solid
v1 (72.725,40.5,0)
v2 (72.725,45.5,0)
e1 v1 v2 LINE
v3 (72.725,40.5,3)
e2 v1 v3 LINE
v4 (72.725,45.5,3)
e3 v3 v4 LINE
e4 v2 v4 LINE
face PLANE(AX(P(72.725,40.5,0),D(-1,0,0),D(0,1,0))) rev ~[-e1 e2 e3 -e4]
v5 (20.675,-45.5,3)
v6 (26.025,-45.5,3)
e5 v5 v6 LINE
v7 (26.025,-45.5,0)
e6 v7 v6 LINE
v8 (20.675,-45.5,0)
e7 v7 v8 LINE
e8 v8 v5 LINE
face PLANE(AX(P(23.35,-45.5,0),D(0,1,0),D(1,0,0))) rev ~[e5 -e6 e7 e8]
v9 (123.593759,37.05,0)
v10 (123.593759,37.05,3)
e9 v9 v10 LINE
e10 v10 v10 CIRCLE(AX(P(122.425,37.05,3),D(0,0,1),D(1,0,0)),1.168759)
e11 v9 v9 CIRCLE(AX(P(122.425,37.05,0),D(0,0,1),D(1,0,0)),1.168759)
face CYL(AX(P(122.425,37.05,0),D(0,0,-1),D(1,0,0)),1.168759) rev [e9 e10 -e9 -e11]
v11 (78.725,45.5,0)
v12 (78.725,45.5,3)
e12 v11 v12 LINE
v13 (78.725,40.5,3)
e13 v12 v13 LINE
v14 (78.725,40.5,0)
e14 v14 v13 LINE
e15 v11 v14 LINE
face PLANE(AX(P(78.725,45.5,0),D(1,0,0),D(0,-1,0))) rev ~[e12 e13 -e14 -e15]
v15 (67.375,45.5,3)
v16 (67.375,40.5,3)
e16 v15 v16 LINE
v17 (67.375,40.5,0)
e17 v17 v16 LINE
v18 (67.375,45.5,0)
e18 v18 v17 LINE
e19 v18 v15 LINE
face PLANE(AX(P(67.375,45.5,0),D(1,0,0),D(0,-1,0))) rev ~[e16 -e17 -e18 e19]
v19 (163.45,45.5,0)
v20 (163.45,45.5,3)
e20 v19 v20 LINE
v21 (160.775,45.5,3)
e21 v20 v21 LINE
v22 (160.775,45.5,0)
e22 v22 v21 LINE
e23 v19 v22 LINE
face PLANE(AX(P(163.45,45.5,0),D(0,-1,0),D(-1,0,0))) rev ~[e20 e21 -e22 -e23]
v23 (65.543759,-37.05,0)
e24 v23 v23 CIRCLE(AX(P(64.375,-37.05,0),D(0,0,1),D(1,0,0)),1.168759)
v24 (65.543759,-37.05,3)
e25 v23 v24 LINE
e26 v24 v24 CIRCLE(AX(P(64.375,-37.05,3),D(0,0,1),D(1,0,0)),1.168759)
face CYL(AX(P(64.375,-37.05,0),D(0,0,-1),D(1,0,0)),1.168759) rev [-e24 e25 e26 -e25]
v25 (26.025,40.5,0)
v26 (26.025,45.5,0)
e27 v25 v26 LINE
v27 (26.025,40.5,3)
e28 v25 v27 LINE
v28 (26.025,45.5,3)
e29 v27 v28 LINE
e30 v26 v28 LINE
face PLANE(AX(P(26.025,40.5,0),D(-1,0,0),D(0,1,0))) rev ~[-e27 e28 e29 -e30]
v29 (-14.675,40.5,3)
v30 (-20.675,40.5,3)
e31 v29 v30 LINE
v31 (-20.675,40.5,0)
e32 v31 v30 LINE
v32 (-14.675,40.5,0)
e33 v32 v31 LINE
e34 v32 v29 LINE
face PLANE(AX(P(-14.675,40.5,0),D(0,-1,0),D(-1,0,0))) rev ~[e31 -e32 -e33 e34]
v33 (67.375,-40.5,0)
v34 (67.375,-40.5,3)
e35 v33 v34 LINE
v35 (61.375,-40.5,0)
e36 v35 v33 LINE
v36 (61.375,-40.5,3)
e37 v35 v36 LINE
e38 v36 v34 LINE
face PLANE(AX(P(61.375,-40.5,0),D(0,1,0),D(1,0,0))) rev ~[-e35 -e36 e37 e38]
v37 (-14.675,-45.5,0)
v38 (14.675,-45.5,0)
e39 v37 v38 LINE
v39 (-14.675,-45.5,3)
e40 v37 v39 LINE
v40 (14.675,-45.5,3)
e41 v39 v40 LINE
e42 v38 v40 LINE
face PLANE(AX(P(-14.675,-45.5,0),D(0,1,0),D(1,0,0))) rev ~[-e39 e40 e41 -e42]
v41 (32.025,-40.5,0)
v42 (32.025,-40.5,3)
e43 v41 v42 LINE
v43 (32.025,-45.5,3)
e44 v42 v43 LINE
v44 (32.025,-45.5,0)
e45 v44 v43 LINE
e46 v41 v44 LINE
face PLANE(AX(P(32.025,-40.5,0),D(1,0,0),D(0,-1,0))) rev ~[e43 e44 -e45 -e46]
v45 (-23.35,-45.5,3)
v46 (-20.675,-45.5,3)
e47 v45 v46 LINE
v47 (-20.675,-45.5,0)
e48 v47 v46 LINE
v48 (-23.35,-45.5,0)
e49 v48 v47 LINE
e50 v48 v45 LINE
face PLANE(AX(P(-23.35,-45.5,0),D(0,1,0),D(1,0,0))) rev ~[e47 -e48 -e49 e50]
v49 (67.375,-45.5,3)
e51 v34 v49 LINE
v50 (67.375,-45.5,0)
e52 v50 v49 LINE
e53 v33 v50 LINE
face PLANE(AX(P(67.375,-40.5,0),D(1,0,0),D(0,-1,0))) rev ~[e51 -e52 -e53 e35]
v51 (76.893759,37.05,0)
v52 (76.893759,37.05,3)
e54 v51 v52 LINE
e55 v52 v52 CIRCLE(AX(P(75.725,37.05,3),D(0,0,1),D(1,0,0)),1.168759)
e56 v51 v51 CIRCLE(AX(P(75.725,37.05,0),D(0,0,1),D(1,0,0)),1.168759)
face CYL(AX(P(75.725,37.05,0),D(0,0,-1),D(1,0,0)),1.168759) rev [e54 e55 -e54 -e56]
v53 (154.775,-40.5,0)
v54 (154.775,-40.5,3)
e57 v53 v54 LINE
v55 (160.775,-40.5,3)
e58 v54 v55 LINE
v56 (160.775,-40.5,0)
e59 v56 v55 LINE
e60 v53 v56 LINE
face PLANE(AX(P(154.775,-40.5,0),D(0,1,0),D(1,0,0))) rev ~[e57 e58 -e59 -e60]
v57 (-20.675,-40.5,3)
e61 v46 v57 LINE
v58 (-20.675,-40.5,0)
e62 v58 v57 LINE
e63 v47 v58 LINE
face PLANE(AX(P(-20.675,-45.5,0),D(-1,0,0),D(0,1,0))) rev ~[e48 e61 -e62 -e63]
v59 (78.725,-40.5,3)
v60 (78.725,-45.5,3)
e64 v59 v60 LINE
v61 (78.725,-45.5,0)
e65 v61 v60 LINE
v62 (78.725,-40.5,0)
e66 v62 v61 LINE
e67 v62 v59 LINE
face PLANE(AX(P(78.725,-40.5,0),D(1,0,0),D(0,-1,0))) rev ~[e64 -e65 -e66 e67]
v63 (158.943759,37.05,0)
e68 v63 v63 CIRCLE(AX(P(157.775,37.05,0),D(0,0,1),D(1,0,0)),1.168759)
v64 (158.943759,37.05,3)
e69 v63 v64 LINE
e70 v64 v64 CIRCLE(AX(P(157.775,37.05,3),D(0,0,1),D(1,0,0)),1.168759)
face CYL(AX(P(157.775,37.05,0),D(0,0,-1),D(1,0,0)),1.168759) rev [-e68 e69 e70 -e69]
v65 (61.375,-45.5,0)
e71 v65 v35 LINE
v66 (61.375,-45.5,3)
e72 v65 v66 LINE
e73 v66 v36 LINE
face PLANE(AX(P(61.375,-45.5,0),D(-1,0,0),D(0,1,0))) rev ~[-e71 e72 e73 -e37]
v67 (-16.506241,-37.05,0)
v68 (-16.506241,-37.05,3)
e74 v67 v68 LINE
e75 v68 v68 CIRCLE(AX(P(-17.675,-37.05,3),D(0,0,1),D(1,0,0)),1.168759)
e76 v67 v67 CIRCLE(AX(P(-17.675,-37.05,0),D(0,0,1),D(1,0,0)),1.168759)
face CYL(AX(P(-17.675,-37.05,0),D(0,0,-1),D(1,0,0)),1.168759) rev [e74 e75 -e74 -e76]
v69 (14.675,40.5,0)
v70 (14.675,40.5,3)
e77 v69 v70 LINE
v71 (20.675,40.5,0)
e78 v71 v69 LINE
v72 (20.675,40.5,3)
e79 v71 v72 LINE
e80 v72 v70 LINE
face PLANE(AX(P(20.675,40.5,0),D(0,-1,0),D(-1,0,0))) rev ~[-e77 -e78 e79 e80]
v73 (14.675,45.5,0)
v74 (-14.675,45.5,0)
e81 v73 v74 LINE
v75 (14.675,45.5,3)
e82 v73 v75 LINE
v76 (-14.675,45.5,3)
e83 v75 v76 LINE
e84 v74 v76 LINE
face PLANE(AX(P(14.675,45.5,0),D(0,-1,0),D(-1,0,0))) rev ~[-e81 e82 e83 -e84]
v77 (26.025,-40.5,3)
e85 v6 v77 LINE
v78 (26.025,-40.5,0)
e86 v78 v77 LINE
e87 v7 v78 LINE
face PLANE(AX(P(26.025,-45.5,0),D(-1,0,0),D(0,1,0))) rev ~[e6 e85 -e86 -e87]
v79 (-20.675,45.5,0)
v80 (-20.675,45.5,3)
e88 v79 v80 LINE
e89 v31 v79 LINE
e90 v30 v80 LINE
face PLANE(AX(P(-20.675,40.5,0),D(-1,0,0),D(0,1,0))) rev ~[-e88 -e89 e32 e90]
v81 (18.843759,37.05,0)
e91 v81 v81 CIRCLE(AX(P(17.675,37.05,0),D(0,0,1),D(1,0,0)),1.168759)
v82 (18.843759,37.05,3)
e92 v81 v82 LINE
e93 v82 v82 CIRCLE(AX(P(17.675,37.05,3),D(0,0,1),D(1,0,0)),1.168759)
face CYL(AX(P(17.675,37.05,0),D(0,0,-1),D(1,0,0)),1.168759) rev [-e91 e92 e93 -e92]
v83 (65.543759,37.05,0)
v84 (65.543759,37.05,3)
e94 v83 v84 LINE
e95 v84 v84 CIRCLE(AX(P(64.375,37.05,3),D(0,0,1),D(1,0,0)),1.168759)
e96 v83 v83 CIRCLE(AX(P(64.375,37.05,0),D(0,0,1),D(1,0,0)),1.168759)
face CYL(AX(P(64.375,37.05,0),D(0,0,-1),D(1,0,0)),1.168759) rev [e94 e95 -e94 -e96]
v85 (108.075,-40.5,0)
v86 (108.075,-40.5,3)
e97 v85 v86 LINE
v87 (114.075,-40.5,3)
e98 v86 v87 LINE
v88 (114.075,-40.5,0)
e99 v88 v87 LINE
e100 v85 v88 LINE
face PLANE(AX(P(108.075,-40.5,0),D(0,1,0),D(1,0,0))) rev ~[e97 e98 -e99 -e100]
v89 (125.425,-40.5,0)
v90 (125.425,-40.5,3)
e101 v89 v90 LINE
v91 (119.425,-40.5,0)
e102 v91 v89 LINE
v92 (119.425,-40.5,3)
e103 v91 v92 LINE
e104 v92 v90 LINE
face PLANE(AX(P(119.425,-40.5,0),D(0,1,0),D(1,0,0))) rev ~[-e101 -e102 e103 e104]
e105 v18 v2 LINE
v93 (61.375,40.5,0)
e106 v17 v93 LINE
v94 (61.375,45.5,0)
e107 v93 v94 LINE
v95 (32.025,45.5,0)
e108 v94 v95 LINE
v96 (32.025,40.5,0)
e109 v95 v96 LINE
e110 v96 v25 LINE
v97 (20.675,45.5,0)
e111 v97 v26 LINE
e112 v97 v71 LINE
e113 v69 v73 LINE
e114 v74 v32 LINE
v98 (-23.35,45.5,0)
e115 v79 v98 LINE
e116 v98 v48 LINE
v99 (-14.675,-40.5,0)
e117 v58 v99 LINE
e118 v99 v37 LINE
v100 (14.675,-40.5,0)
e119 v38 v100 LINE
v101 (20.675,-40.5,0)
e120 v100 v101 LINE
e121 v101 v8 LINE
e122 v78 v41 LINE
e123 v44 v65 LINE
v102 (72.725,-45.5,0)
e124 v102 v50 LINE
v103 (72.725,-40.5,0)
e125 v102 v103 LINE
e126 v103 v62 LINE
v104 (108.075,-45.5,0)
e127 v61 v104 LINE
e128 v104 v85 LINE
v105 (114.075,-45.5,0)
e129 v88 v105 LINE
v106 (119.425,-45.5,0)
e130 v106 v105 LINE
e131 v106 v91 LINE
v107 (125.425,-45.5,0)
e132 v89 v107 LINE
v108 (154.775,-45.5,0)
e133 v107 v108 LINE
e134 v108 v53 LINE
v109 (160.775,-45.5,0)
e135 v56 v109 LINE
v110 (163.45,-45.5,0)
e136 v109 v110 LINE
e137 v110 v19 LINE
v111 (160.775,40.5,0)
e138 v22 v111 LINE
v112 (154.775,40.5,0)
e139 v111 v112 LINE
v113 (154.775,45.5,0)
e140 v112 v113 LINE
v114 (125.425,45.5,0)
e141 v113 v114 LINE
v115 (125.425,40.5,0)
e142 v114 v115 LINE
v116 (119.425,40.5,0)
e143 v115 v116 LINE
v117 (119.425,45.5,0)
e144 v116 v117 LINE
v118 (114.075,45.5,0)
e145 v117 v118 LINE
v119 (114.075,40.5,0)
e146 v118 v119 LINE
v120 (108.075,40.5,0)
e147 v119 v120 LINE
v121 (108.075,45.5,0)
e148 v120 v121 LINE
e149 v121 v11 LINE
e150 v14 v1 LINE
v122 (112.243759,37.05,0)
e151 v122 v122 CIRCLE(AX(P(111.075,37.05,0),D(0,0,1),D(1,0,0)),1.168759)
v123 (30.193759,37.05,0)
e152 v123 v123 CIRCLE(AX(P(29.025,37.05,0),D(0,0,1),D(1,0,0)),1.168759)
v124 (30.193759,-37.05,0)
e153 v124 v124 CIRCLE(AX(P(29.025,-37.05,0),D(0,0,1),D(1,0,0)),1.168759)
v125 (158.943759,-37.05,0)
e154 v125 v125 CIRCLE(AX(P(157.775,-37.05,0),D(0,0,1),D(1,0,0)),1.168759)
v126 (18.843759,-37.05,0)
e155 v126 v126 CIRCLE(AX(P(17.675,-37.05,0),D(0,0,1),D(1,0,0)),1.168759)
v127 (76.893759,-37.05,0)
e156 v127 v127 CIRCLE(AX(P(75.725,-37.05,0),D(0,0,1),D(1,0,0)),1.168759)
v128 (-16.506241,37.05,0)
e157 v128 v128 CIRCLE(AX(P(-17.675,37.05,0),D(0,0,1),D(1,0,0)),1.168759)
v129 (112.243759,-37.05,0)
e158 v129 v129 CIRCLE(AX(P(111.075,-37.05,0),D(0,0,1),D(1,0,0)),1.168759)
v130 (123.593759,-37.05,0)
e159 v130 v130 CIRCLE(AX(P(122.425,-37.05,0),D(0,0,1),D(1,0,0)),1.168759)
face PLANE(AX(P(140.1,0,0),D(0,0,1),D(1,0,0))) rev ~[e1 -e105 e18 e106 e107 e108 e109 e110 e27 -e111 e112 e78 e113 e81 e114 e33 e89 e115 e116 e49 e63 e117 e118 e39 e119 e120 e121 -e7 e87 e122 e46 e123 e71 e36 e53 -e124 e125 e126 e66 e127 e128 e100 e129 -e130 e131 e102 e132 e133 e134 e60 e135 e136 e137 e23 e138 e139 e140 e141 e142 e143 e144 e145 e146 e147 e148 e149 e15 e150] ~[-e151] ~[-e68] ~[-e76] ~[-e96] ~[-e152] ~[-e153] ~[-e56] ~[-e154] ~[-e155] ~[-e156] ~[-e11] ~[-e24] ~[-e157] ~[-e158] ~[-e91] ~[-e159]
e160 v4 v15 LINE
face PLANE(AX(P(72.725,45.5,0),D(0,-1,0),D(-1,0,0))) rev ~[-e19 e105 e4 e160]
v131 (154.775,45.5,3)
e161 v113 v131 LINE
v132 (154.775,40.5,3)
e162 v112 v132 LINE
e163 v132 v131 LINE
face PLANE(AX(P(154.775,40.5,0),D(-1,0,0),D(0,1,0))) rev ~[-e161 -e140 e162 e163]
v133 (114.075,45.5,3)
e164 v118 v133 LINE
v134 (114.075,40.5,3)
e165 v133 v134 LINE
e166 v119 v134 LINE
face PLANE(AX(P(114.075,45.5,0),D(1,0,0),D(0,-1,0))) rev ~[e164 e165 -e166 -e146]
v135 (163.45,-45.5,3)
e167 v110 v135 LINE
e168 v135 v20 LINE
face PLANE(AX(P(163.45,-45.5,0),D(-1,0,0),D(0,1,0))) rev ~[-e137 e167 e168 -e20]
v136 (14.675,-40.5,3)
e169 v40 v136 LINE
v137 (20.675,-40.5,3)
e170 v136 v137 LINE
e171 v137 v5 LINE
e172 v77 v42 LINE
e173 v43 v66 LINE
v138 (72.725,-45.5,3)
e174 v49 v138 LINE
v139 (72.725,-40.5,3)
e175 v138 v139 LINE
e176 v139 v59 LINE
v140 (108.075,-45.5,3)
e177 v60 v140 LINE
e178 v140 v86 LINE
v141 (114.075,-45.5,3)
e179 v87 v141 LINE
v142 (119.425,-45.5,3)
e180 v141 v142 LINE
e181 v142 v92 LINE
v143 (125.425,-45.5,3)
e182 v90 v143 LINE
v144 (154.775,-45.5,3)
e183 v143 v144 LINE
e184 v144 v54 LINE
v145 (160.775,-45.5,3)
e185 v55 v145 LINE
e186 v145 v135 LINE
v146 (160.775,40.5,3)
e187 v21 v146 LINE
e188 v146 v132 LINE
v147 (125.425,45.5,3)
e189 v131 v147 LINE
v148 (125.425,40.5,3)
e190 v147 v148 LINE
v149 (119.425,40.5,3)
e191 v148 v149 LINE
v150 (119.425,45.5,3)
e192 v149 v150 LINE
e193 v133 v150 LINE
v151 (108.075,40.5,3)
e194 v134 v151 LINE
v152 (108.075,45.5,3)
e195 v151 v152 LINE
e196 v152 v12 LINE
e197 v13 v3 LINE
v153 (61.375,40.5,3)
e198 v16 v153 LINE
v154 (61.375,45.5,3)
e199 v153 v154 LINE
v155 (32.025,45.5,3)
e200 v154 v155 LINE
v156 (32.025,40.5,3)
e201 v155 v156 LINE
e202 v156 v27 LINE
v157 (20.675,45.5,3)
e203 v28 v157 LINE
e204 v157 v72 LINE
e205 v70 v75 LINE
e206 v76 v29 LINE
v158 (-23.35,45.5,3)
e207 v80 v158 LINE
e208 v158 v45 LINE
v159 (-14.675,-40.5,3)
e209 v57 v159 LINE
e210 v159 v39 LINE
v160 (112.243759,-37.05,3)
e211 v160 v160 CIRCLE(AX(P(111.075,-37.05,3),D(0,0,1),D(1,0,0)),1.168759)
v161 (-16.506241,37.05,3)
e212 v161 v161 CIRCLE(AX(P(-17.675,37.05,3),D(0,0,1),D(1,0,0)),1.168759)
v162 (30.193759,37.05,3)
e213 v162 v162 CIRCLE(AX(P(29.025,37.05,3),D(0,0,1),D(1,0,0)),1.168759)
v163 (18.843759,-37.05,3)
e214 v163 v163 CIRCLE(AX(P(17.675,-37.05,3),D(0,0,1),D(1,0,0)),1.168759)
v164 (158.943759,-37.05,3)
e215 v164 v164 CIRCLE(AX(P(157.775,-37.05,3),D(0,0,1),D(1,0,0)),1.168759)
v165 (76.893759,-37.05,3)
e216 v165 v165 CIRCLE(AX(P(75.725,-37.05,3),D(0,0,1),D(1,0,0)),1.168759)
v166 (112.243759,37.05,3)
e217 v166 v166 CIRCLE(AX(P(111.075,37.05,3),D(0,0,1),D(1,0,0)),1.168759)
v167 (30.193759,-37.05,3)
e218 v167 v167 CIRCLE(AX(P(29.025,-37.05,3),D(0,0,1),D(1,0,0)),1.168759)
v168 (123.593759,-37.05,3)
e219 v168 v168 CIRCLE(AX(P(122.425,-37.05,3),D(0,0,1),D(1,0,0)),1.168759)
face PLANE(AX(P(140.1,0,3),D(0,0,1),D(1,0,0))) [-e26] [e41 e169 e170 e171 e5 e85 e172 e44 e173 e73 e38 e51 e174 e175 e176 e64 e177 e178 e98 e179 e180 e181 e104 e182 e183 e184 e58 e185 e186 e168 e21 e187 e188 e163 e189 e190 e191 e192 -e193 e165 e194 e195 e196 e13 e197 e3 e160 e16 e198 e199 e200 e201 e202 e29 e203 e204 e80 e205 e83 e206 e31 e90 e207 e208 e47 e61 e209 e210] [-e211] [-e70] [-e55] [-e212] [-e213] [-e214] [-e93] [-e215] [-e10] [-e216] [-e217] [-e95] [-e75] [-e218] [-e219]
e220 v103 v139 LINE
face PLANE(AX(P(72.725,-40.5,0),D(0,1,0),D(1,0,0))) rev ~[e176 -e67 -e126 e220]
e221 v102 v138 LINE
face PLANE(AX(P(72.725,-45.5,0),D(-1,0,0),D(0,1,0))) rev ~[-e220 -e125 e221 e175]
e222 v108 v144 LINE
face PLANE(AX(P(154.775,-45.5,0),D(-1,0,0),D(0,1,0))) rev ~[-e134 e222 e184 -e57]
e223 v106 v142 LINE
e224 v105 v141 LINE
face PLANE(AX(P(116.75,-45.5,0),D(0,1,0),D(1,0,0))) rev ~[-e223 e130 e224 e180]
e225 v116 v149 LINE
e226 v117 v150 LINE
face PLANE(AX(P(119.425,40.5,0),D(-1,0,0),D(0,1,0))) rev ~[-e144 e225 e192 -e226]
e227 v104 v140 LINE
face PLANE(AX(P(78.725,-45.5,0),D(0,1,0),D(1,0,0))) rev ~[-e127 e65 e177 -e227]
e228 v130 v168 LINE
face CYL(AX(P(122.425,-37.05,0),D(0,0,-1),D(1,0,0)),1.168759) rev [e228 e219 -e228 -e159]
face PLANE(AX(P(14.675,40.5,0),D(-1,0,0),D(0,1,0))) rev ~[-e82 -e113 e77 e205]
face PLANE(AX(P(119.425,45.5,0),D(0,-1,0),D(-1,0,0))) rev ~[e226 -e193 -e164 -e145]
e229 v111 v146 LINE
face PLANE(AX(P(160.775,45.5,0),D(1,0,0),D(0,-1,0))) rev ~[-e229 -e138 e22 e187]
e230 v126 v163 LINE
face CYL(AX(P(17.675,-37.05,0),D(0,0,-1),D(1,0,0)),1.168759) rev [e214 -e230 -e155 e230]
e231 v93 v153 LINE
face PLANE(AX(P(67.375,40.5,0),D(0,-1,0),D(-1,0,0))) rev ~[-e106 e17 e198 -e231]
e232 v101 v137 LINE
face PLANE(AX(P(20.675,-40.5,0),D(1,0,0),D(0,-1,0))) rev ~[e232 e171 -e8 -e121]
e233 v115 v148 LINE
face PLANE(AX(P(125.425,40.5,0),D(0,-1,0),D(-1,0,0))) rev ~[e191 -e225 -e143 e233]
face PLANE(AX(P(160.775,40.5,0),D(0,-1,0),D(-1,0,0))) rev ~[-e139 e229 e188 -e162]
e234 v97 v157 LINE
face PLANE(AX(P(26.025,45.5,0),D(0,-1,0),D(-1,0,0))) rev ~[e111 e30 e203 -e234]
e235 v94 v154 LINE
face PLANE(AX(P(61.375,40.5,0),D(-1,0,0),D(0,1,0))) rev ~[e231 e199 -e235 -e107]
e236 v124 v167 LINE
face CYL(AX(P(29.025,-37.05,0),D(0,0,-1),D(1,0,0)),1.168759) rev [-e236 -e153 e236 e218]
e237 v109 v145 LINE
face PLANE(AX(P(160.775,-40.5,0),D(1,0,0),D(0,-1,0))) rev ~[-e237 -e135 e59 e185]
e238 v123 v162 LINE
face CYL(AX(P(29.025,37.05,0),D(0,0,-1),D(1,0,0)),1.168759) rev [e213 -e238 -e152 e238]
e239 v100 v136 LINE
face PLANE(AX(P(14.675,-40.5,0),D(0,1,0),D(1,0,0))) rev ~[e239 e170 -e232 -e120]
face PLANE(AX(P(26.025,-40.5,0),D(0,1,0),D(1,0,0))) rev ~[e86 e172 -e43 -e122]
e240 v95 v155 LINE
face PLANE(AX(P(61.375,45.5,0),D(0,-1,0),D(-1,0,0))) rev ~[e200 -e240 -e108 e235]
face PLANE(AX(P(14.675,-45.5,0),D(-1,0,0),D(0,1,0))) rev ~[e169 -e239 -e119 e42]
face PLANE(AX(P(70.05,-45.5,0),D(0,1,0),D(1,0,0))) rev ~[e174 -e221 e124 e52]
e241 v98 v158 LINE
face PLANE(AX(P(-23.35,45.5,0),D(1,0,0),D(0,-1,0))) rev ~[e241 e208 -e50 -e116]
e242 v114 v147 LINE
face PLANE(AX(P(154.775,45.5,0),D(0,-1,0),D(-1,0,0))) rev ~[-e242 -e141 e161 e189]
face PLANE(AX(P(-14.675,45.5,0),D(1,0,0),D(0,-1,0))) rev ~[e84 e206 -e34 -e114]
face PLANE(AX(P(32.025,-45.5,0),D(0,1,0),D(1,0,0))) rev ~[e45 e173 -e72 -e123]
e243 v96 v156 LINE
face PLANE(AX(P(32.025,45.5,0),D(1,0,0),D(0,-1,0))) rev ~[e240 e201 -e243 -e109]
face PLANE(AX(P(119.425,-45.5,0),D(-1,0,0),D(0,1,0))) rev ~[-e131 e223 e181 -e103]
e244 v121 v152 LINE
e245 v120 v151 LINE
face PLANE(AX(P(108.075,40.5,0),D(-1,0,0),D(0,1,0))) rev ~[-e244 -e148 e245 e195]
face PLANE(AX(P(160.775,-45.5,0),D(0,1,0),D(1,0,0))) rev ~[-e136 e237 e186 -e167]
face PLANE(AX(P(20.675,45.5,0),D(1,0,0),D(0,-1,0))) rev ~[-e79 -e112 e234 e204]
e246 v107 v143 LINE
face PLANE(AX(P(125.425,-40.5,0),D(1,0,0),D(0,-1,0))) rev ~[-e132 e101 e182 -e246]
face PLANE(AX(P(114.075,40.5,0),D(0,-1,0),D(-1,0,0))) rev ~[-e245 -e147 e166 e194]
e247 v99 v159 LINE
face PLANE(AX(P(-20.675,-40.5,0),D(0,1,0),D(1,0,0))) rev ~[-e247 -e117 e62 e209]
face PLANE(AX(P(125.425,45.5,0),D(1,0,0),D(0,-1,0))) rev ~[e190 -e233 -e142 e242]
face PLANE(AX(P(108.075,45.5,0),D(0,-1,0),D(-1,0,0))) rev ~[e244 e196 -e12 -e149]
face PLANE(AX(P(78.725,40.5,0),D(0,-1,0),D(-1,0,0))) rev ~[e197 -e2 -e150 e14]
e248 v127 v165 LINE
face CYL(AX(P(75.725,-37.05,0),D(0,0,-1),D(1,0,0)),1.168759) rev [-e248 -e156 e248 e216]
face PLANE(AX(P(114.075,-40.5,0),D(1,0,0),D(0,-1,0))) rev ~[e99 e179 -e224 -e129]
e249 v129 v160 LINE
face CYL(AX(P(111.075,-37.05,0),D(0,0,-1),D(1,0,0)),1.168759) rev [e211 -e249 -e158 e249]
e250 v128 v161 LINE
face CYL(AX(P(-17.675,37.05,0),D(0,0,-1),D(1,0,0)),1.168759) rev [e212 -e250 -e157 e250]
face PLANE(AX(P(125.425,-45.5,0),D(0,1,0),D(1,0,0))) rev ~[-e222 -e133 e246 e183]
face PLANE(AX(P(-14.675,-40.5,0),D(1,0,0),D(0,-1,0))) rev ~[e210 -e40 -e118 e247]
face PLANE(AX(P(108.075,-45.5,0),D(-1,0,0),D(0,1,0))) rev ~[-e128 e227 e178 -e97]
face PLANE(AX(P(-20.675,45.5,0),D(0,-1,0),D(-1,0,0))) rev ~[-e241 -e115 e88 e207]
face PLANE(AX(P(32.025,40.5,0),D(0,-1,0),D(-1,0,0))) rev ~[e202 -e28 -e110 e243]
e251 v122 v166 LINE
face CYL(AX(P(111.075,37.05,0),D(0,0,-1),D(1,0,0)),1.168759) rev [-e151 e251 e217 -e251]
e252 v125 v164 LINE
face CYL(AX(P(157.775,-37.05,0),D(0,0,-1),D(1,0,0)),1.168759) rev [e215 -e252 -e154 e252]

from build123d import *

# Parameters (mm, degrees)
SKETCH1_R           = 1.168758958
BOSS_EXTRUDE1_DEPTH = 3


with BuildPart() as part:
    # Sketch1 → Boss-Extrude1 (new body)
    # profile 1 of 4: a face of its own
    with BuildSketch(Plane.XY):
        Polygon((26.025, 45.5), (23.35, 45.5), (23.35, -45.5), (26.025, -45.5), (26.025, -40.5), (32.025, -40.5), (32.025, -45.5), (61.375, -45.5), (61.375, -40.5), (67.375, -40.5), (67.375, -45.5), (70.05, -45.5), (70.05, 45.5), (67.375, 45.5), (67.375, 40.5), (61.375, 40.5), (61.375, 45.5), (32.025, 45.5), (32.025, 40.5), (26.025, 40.5), align=None)
        with Locations((29.025, -37.05)):
            Circle(SKETCH1_R, mode=Mode.SUBTRACT)
        with Locations((64.375, -37.05)):
            Circle(SKETCH1_R, mode=Mode.SUBTRACT)
        with Locations((29.025, 37.05)):
            Circle(SKETCH1_R, mode=Mode.SUBTRACT)
        with Locations((64.375, 37.05)):
            Circle(SKETCH1_R, mode=Mode.SUBTRACT)
    # profile 2 of 4: a face of its own
    with BuildSketch(Plane.XY):
        Polygon((-20.675, 45.5), (-23.35, 45.5), (-23.35, -45.5), (-20.675, -45.5), (-20.675, -40.5), (-14.675, -40.5), (-14.675, -45.5), (14.675, -45.5), (14.675, -40.5), (20.675, -40.5), (20.675, -45.5), (23.35, -45.5), (23.35, 45.5), (20.675, 45.5), (20.675, 40.5), (14.675, 40.5), (14.675, 45.5), (-14.675, 45.5), (-14.675, 40.5), (-20.675, 40.5), align=None)
        with Locations((-17.675, -37.05)):
            Circle(SKETCH1_R, mode=Mode.SUBTRACT)
        with Locations((17.675, -37.05)):
            Circle(SKETCH1_R, mode=Mode.SUBTRACT)
        with Locations((-17.675, 37.05)):
            Circle(SKETCH1_R, mode=Mode.SUBTRACT)
        with Locations((17.675, 37.05)):
            Circle(SKETCH1_R, mode=Mode.SUBTRACT)
    # profile 3 of 4: a face of its own
    with BuildSketch(Plane.XY):
        Polygon((72.725, 45.5), (70.05, 45.5), (70.05, -45.5), (72.725, -45.5), (72.725, -40.5), (78.725, -40.5), (78.725, -45.5), (108.075, -45.5), (108.075, -40.5), (114.075, -40.5), (114.075, -45.5), (116.75, -45.5), (116.75, 45.5), (114.075, 45.5), (114.075, 40.5), (108.075, 40.5), (108.075, 45.5), (78.725, 45.5), (78.725, 40.5), (72.725, 40.5), align=None)
        with Locations((75.725, -37.05)):
            Circle(SKETCH1_R, mode=Mode.SUBTRACT)
        with Locations((111.075, -37.05)):
            Circle(SKETCH1_R, mode=Mode.SUBTRACT)
        with Locations((75.725, 37.05)):
            Circle(SKETCH1_R, mode=Mode.SUBTRACT)
        with Locations((111.075, 37.05)):
            Circle(SKETCH1_R, mode=Mode.SUBTRACT)
    # profile 4 of 4: a face of its own
    with BuildSketch(Plane.XY):
        Polygon((119.425, 45.5), (116.75, 45.5), (116.75, -45.5), (119.425, -45.5), (119.425, -40.5), (125.425, -40.5), (125.425, -45.5), (154.775, -45.5), (154.775, -40.5), (160.775, -40.5), (160.775, -45.5), (163.45, -45.5), (163.45, 45.5), (160.775, 45.5), (160.775, 40.5), (154.775, 40.5), (154.775, 45.5), (125.425, 45.5), (125.425, 40.5), (119.425, 40.5), align=None)
        with Locations((122.425, -37.05)):
            Circle(SKETCH1_R, mode=Mode.SUBTRACT)
        with Locations((157.775, -37.05)):
            Circle(SKETCH1_R, mode=Mode.SUBTRACT)
        with Locations((122.425, 37.05)):
            Circle(SKETCH1_R, mode=Mode.SUBTRACT)
        with Locations((157.775, 37.05)):
            Circle(SKETCH1_R, mode=Mode.SUBTRACT)
    extrude(amount=BOSS_EXTRUDE1_DEPTH)


solid = part.part
